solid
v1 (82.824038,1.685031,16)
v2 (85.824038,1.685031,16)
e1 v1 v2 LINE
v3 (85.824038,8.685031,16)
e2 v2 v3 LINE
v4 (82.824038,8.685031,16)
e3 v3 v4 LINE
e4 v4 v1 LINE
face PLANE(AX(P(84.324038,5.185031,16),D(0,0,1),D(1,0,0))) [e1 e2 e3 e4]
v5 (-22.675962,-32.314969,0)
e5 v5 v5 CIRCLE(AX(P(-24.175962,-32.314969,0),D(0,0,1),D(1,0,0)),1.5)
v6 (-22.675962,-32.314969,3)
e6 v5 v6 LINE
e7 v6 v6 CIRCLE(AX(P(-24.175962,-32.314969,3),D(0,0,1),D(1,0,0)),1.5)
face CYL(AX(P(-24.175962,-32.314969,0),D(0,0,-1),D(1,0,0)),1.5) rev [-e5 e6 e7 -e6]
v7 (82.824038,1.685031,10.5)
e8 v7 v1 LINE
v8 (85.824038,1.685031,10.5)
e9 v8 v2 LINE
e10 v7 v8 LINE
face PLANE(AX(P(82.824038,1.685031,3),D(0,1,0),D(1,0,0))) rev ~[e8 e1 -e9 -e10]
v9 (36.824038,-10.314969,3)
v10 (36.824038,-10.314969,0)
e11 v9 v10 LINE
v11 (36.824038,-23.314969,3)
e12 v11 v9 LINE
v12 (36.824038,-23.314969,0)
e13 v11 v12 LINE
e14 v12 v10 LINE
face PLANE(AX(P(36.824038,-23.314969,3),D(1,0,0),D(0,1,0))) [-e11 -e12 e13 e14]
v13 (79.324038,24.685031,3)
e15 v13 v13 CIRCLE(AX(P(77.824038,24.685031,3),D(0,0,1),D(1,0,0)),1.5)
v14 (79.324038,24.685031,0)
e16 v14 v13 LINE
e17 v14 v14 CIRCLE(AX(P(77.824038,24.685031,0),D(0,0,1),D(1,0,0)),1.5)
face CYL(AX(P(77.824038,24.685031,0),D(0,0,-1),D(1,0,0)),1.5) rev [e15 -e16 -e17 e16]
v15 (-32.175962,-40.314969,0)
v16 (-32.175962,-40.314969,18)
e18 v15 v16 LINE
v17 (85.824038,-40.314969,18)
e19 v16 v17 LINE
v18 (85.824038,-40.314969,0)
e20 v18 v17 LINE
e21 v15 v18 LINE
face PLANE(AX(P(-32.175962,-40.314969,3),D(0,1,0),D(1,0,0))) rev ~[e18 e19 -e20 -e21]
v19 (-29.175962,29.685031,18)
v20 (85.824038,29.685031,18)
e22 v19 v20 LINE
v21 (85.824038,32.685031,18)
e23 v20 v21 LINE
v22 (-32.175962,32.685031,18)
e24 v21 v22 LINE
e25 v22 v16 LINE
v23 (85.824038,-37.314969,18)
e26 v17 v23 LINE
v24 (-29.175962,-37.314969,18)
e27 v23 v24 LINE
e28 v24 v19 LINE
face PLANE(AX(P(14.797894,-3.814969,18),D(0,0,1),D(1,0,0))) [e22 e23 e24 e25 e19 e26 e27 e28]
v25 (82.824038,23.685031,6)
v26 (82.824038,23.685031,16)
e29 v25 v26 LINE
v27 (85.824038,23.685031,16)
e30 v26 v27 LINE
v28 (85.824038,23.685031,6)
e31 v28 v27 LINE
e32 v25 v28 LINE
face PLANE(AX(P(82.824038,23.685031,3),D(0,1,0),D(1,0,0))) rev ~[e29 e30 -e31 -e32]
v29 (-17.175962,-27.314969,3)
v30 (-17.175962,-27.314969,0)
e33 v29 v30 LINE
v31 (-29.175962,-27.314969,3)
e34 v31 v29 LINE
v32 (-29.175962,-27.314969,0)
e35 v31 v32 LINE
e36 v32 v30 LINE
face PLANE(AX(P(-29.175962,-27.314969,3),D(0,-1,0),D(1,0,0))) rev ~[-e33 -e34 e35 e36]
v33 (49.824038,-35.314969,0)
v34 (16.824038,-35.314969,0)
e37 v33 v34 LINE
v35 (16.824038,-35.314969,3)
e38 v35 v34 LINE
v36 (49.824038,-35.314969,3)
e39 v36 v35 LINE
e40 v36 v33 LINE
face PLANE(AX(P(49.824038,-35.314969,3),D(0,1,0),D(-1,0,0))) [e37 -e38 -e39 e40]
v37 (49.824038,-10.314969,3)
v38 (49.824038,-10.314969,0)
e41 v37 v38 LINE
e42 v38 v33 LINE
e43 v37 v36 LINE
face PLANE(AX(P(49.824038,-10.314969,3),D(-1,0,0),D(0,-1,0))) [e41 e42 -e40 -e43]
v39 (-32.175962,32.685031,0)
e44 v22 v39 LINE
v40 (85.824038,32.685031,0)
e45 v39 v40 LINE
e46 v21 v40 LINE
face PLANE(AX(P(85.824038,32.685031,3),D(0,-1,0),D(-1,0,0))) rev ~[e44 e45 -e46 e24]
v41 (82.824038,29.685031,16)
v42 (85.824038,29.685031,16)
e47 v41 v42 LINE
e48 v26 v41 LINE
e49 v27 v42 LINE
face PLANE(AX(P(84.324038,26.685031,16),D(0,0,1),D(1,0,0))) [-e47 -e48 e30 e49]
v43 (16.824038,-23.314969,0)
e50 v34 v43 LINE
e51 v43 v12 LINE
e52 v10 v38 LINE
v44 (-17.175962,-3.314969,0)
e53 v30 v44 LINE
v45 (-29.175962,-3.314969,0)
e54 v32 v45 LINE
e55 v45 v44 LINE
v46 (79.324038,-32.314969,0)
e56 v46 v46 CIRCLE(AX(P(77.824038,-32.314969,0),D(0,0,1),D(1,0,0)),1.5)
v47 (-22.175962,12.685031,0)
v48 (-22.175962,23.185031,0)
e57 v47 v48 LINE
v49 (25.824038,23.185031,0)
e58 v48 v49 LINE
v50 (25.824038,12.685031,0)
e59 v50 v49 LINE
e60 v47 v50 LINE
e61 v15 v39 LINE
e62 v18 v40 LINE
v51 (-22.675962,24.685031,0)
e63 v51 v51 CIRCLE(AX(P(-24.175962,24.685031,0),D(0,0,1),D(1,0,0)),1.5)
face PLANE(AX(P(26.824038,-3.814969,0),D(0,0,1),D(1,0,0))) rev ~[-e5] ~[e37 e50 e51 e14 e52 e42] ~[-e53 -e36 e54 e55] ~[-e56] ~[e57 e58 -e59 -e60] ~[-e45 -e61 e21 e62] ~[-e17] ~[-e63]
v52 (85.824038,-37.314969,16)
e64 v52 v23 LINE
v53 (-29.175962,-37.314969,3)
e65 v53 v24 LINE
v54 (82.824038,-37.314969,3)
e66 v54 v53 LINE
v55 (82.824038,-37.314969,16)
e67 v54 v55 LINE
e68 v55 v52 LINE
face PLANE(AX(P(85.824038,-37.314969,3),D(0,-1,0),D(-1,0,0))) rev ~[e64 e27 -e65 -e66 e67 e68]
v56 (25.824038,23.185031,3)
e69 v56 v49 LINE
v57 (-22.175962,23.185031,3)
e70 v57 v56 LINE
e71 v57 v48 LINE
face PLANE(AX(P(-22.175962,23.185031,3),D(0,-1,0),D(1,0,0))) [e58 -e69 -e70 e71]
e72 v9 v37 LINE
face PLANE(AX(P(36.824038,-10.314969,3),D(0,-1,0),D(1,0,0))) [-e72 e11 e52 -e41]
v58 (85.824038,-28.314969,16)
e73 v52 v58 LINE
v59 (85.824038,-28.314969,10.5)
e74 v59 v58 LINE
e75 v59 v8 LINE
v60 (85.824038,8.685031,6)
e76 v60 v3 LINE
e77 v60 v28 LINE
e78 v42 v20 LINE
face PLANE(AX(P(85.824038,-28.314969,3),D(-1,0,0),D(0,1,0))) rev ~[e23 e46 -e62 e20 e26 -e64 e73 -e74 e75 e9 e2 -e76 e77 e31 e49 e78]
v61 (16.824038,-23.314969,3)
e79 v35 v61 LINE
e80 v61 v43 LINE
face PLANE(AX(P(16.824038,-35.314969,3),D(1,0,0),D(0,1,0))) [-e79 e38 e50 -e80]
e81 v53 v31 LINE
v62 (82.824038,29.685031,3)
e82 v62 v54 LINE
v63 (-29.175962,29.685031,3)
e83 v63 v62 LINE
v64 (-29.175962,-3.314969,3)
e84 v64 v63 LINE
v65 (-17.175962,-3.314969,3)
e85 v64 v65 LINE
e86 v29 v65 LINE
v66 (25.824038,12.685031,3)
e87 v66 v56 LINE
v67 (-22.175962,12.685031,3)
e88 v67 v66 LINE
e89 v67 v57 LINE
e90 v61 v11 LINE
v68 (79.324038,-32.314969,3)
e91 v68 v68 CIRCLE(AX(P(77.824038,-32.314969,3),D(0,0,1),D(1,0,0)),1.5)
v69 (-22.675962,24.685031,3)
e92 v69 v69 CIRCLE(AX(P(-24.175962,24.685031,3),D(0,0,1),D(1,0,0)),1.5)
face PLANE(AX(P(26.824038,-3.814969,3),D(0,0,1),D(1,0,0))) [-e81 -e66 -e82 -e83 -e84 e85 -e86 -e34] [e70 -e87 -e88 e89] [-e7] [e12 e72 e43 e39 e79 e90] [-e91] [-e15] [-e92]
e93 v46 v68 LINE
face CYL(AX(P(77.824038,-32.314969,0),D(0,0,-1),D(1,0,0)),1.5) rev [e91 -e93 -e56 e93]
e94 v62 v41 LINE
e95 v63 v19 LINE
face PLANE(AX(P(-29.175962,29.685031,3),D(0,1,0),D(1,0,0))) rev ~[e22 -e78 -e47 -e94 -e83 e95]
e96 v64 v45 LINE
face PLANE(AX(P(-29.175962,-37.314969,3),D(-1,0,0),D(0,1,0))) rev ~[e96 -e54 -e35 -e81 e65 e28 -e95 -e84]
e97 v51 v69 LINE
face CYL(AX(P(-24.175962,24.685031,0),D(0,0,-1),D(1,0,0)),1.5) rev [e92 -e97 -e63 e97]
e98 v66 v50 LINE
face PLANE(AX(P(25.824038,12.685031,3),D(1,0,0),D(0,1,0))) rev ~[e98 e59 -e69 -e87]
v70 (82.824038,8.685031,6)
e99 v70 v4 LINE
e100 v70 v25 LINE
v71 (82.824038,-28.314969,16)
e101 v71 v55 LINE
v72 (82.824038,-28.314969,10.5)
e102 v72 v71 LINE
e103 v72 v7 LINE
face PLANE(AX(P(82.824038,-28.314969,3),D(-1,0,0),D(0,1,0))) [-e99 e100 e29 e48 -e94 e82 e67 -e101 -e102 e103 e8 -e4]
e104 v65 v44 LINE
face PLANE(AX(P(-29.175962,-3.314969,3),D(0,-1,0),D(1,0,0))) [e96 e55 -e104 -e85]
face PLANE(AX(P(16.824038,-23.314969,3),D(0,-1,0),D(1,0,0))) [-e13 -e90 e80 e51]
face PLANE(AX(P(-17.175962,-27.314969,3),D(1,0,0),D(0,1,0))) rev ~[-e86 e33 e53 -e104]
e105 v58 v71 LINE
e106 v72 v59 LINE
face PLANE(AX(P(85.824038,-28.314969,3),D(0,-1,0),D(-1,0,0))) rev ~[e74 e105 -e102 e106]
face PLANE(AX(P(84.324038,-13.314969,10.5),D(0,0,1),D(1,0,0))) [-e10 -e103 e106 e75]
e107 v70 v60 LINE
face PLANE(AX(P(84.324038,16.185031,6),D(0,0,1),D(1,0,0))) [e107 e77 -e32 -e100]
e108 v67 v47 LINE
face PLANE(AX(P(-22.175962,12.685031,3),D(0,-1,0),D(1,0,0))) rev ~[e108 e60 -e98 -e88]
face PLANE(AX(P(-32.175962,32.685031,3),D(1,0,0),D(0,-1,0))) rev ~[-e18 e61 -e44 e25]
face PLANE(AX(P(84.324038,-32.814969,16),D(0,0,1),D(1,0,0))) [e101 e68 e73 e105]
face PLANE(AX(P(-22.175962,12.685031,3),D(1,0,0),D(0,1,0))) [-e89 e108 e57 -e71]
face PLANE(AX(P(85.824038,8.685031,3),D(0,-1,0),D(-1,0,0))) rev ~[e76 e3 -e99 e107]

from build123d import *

# Parameters (mm, degrees)
SKETCH_1_W          = 118
SKETCH_1_H          = 73
SKETCH_1_R          = 1.5
EXTRUDE_1_DEPTH     = 3
EXTRUDE_2_DEPTH     = 15
SKETCH_3_W          = 3
SKETCH_3_H          = 6
EXTRUDE_3_DEPTH     = 13
SKETCH_4_W          = 3
SKETCH_4_H          = 15
EXTRUDE_4_DEPTH     = 3
SKETCH_5_W          = 3
SKETCH_5_H          = 30
EXTRUDE_5_DEPTH     = 7.5
SKETCH_7_W          = 12
SKETCH_7_H          = 24
CUT_EXTRUDE_2_DEPTH = 3
SKETCH_6_W          = 48
SKETCH_6_H          = 10.5
CUT_EXTRUDE_4_DEPTH = 3


with BuildPart() as part:
    # 草图1 → 凸台-拉伸1 (new body)
    with BuildSketch(Plane.XY):
        with Locations((26.824038132, -3.814969101)):
            Rectangle(SKETCH_1_W, SKETCH_1_H)
        with Locations((-24.175961868, 24.685030899)):
            Circle(SKETCH_1_R, mode=Mode.SUBTRACT)
        with Locations((-24.175961868, -32.314969101)):
            Circle(SKETCH_1_R, mode=Mode.SUBTRACT)
        with Locations((77.824038132, 24.685030899)):
            Circle(SKETCH_1_R, mode=Mode.SUBTRACT)
        with Locations((77.824038132, -32.314969101)):
            Circle(SKETCH_1_R, mode=Mode.SUBTRACT)
    extrude(amount=EXTRUDE_1_DEPTH)

    # 草图2 → 凸台-拉伸2 (add)
    with BuildSketch(Plane.XY.offset(3)):
        Polygon((-32.175961868, 32.685030899), (-32.175961868, 29.685030899), (-32.175961868, -37.314969101), (-32.175961868, -40.314969101), (85.824038132, -40.314969101), (85.824038132, -37.314969101), (-29.175961868, -37.314969101), (-29.175961868, 29.685030899), (85.824038132, 29.685030899), (85.824038132, 32.685030899), align=None)
    extrude(amount=EXTRUDE_2_DEPTH)

    # 草图3 → 凸台-拉伸3 (add)
    with BuildSketch(Plane.XY.offset(3)):
        Polygon((85.824038132, 3.618173266), (85.824038132, 8.685030899), (82.824038132, 8.685030899), (82.824038132, 1.685030899), (85.824038132, 1.685030899), align=None)
        with Locations((84.324038132, 26.685030899)):
            Rectangle(SKETCH_3_W, SKETCH_3_H)
        Polygon((85.824038132, -37.314969101), (85.824038132, -28.314969101), (85.2282411, -28.314969101), (82.824038132, -28.314969101), (82.824038132, -37.314969101), align=None)
    extrude(amount=EXTRUDE_3_DEPTH)

    # 草图4 → 凸台-拉伸4 (add)
    with BuildSketch(Plane.XY.offset(3)):
        with Locations((84.324038132, 16.185030899)):
            Rectangle(SKETCH_4_W, SKETCH_4_H)
    extrude(amount=EXTRUDE_4_DEPTH)

    # 草图5 → 凸台-拉伸5 (add)
    with BuildSketch(Plane.XY.offset(3)):
        with Locations((84.324038132, -13.314969101)):
            Rectangle(SKETCH_5_W, SKETCH_5_H)
    extrude(amount=EXTRUDE_5_DEPTH)

    # 草图7 → 切除-拉伸2 (cut)
    with BuildSketch(Plane.XY.offset(3)):
        Polygon((16.824038132, -35.314969101), (16.824038132, -23.314969101), (36.824038132, -23.314969101), (36.824038132, -10.314969101), (49.824038132, -10.314969101), (49.824038132, -35.314969101), align=None)
        with Locations((-23.175961868, -15.314969101)):
            Rectangle(SKETCH_7_W, SKETCH_7_H)
    extrude(amount=-CUT_EXTRUDE_2_DEPTH, mode=Mode.SUBTRACT)

    # 草图6 → 切除-拉伸4 (cut)
    with BuildSketch(Plane.XY.offset(3)):
        with Locations((1.824038132, 17.935030899)):
            Rectangle(SKETCH_6_W, SKETCH_6_H)
    extrude(amount=-CUT_EXTRUDE_4_DEPTH, mode=Mode.SUBTRACT)


solid = part.part
